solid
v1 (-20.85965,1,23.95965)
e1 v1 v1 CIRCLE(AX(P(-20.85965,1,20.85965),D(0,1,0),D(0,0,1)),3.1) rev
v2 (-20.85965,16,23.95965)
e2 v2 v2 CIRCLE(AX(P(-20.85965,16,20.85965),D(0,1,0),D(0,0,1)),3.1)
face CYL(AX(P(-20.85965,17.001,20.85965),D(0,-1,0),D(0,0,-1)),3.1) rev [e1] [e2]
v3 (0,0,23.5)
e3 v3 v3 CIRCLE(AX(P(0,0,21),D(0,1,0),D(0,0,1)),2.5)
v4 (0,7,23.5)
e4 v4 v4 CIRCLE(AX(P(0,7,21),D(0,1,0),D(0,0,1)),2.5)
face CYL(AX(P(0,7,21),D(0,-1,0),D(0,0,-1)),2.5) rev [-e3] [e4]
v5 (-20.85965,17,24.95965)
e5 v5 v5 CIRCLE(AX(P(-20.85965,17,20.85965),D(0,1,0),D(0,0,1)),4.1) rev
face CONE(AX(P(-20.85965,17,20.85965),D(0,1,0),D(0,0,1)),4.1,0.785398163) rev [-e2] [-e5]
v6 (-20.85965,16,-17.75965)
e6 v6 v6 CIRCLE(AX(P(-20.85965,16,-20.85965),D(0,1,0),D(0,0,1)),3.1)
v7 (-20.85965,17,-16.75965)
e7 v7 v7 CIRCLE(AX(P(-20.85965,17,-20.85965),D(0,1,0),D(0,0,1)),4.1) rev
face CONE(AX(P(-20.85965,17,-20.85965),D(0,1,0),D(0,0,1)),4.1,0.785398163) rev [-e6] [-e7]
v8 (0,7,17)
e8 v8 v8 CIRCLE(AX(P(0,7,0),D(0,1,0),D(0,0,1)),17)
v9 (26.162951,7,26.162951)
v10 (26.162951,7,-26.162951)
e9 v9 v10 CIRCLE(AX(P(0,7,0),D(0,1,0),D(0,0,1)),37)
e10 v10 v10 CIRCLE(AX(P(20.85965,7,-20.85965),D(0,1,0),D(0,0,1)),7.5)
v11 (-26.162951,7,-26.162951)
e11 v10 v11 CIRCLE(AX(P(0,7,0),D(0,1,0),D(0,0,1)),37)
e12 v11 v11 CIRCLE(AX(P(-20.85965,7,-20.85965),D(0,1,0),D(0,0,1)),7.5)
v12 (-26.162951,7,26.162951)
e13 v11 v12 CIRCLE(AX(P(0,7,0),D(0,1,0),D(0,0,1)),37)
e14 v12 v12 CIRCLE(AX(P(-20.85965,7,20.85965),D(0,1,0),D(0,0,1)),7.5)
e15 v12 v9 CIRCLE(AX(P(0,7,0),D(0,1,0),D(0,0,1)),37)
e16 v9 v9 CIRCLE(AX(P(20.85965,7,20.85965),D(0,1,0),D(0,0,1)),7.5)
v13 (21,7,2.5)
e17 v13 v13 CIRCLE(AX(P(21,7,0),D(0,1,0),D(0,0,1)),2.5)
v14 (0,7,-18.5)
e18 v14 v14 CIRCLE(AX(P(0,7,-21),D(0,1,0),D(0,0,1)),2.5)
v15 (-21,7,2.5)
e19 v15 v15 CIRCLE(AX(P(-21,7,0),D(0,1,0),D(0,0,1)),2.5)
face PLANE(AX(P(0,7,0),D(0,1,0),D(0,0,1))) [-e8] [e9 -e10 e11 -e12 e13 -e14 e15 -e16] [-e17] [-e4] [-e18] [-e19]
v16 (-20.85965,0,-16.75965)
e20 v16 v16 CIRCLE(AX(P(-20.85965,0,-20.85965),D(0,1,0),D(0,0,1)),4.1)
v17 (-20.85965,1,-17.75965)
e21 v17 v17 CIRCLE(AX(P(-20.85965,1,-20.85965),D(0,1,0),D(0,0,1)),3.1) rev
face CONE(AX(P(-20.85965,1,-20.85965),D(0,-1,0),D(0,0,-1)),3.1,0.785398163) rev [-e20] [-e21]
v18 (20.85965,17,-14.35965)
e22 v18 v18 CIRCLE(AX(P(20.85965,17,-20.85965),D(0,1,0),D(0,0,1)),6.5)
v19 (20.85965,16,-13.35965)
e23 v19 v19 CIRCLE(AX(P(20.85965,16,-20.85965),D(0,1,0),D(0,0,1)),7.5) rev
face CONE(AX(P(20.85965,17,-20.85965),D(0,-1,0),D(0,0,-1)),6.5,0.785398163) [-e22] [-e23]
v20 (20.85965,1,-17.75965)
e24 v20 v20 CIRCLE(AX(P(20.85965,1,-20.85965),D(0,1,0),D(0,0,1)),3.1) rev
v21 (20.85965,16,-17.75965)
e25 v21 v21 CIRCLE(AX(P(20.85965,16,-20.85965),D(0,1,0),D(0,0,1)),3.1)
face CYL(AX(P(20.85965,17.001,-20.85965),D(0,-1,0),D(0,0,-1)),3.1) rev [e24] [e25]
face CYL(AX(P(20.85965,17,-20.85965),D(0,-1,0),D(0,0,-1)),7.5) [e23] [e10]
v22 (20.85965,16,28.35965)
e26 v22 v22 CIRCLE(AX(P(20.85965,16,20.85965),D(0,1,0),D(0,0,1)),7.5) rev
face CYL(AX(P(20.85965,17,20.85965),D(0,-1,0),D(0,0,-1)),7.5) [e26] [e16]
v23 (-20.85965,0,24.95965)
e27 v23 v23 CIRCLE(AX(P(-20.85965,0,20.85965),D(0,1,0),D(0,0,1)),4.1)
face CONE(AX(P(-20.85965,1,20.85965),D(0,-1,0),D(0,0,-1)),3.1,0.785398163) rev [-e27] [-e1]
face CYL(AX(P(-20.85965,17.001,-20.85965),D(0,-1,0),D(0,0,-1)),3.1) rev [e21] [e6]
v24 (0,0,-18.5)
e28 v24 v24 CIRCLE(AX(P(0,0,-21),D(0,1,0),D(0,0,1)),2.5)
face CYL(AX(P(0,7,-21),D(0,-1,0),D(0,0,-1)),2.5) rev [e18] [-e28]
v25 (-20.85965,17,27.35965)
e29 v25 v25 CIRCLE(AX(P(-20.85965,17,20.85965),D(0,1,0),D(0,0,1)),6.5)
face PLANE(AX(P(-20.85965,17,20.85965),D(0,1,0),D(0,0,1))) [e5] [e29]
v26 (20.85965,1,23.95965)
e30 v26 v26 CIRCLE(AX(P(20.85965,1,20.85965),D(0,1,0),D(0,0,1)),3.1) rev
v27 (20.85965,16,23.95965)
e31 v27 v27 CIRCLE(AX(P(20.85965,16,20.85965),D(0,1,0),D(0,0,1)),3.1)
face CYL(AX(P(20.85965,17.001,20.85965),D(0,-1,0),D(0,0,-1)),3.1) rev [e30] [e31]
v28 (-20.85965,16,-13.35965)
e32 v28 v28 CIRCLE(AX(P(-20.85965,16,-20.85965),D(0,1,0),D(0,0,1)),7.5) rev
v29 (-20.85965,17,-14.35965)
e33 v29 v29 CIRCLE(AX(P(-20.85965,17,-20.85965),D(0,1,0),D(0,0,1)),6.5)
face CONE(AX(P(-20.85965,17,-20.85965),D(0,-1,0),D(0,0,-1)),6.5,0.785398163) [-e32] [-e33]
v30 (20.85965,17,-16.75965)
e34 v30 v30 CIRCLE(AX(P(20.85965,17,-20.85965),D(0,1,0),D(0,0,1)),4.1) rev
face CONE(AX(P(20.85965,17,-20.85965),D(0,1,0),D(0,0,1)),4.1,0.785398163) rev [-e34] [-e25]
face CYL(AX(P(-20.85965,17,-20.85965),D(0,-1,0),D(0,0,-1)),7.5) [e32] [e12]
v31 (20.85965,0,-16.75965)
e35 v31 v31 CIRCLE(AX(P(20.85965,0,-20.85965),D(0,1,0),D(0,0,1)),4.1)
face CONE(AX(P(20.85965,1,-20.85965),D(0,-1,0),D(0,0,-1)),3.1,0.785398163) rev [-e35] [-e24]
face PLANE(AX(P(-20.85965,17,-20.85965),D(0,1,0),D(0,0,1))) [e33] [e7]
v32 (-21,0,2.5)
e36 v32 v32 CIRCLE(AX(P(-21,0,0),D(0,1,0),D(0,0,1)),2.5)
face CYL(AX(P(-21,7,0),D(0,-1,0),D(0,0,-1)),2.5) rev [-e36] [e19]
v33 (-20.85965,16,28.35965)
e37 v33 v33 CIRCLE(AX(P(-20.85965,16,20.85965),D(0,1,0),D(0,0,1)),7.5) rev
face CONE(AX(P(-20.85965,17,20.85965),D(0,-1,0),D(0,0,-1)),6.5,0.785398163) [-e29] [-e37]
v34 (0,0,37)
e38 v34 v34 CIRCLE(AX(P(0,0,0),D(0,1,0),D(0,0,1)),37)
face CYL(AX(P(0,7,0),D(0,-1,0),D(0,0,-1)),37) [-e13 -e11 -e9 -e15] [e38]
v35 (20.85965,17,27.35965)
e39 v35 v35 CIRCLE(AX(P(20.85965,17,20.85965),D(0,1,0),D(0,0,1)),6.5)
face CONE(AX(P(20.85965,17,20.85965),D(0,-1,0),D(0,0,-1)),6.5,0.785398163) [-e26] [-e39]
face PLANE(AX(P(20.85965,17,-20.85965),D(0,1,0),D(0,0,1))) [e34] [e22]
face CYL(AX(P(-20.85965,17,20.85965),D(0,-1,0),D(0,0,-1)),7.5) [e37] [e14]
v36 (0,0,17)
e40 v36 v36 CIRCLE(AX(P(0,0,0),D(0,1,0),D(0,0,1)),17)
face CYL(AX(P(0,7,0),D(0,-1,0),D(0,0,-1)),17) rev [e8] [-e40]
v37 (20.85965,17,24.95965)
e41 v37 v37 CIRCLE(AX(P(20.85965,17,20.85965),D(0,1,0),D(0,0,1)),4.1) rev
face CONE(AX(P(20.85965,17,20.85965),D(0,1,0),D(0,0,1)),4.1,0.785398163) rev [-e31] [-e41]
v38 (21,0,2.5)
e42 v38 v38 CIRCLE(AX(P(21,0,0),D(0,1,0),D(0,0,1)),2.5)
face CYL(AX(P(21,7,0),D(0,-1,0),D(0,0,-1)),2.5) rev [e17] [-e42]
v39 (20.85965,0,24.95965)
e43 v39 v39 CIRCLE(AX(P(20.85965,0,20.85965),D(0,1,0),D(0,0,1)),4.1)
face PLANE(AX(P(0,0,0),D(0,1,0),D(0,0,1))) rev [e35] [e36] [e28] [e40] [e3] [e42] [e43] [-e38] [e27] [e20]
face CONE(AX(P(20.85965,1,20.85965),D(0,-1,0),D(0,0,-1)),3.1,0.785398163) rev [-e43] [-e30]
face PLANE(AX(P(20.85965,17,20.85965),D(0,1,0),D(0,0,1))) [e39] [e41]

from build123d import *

# Parameters (mm, degrees)
SKETCH_1_R          = 37
SKETCH_1_R_2        = 2.5
SKETCH_1_R_3        = 17
EXTRUDE_1_DEPTH     = 7
SKETCH_4_R          = 7.5
EXTRUDE_9_DEPTH     = 10
CUT_EXTRUDE_1_REACH = 57.018
SKETCH_2_R          = 3.1
CHAMFER_1_SIZE      = 1


with BuildPart() as part:
    # 草图1 → 凸台-拉伸1 (new body)
    with BuildSketch(Plane(origin=(0, 0, 0), x_dir=(1, 0, 0), z_dir=(0, 1, 0))):
        with Locations(Location((0, 0, 0), (0, 0, 270))):
            Circle(SKETCH_1_R)
        with Locations(Location((21, 0, 0), (0, 0, 270))):
            Circle(SKETCH_1_R_2, mode=Mode.SUBTRACT)
        with Locations(Location((0, -21, 0), (0, 0, 270))):
            Circle(SKETCH_1_R_2, mode=Mode.SUBTRACT)
        with Locations(Location((-21, 0, 0), (0, 0, 270))):
            Circle(SKETCH_1_R_2, mode=Mode.SUBTRACT)
        with Locations(Location((0, 21, 0), (0, 0, 270))):
            Circle(SKETCH_1_R_2, mode=Mode.SUBTRACT)
        with Locations(Location((0, 0, 0), (0, 0, 270))):
            Circle(SKETCH_1_R_3, mode=Mode.SUBTRACT)
    extrude(amount=EXTRUDE_1_DEPTH)

    # 草图4 → 凸台-拉伸9 (add)
    with BuildSketch(Plane(origin=(0, 7, 0), x_dir=(1, 0, 0), z_dir=(0, 1, 0))):
        with Locations(Location((20.859650045, -20.859650045, 0), (0, 0, 314.999668768))):
            Circle(SKETCH_4_R)
        with Locations(Location((-20.859650045, -20.859650045, 0), (0, 0, 224.999668649))):
            Circle(SKETCH_4_R)
        with Locations(Location((-20.859650045, 20.859650045, 0), (0, 0, 134.999668649))):
            Circle(SKETCH_4_R)
        with Locations(Location((20.859650045, 20.859650045, 0), (0, 0, 44.999668649))):
            Circle(SKETCH_4_R)
    extrude(amount=EXTRUDE_9_DEPTH)

    # 草图2 → 切除-拉伸1 (cut, up to next)
    with BuildSketch(Plane.XZ, mode=Mode.PRIVATE) as cut_extrude_1_sk1:
        with Locations(Location((20.859650045, 20.859650045, 0), (0, 0, 270))):
            Circle(SKETCH_2_R)
    cut_extrude_1_tool1 = extrude(cut_extrude_1_sk1.sketch, amount=-CUT_EXTRUDE_1_REACH, mode=Mode.PRIVATE) & part.part
    # 草图2 → 切除-拉伸1 (cut, up to next)
    with BuildSketch(Plane.XZ, mode=Mode.PRIVATE) as cut_extrude_1_sk2:
        with Locations(Location((20.859650045, -20.859650045, 0), (0, 0, 270))):
            Circle(SKETCH_2_R)
    cut_extrude_1_tool2 = extrude(cut_extrude_1_sk2.sketch, amount=-CUT_EXTRUDE_1_REACH, mode=Mode.PRIVATE) & part.part
    # 草图2 → 切除-拉伸1 (cut, up to next)
    with BuildSketch(Plane.XZ, mode=Mode.PRIVATE) as cut_extrude_1_sk3:
        with Locations(Location((-20.859650045, -20.859650045, 0), (0, 0, 270))):
            Circle(SKETCH_2_R)
    cut_extrude_1_tool3 = extrude(cut_extrude_1_sk3.sketch, amount=-CUT_EXTRUDE_1_REACH, mode=Mode.PRIVATE) & part.part
    # 草图2 → 切除-拉伸1 (cut, up to next)
    with BuildSketch(Plane.XZ, mode=Mode.PRIVATE) as cut_extrude_1_sk4:
        with Locations(Location((-20.859650045, 20.859650045, 0), (0, 0, 270))):
            Circle(SKETCH_2_R)
    cut_extrude_1_tool4 = extrude(cut_extrude_1_sk4.sketch, amount=-CUT_EXTRUDE_1_REACH, mode=Mode.PRIVATE) & part.part
    add(cut_extrude_1_tool1.solids().sort_by_distance((20.85965, 0, 20.85965))[0], mode=Mode.SUBTRACT)
    add(cut_extrude_1_tool2.solids().sort_by_distance((20.85965, 0, -20.85965))[0], mode=Mode.SUBTRACT)
    add(cut_extrude_1_tool3.solids().sort_by_distance((-20.85965, 0, -20.85965))[0], mode=Mode.SUBTRACT)
    add(cut_extrude_1_tool4.solids().sort_by_distance((-20.85965, 0, 20.85965))[0], mode=Mode.SUBTRACT)

    # 倒角1
    chamfer_1_edges = [part.edges().sort_by_distance(p)[0] for p in [
        (15.556379845, 17, 15.556318527),
        (-15.556318516, 17, 15.556379856),
        (-15.556379856, 17, -15.556318516),
        (15.556318516, 17, -15.556379856),
        (-20.859650045, 17, 23.959650045),
        (-20.859650045, 0, 23.959650045),
        (-20.859650045, 17, -17.759650045),
        (-20.859650045, 0, -17.759650045),
        (20.859650045, 17, -17.759650045),
        (20.859650045, 0, -17.759650045),
        (20.859650045, 17, 23.959650045),
        (20.859650045, 0, 23.959650045),
    ]]
    chamfer(chamfer_1_edges, length=CHAMFER_1_SIZE)


solid = part.part
